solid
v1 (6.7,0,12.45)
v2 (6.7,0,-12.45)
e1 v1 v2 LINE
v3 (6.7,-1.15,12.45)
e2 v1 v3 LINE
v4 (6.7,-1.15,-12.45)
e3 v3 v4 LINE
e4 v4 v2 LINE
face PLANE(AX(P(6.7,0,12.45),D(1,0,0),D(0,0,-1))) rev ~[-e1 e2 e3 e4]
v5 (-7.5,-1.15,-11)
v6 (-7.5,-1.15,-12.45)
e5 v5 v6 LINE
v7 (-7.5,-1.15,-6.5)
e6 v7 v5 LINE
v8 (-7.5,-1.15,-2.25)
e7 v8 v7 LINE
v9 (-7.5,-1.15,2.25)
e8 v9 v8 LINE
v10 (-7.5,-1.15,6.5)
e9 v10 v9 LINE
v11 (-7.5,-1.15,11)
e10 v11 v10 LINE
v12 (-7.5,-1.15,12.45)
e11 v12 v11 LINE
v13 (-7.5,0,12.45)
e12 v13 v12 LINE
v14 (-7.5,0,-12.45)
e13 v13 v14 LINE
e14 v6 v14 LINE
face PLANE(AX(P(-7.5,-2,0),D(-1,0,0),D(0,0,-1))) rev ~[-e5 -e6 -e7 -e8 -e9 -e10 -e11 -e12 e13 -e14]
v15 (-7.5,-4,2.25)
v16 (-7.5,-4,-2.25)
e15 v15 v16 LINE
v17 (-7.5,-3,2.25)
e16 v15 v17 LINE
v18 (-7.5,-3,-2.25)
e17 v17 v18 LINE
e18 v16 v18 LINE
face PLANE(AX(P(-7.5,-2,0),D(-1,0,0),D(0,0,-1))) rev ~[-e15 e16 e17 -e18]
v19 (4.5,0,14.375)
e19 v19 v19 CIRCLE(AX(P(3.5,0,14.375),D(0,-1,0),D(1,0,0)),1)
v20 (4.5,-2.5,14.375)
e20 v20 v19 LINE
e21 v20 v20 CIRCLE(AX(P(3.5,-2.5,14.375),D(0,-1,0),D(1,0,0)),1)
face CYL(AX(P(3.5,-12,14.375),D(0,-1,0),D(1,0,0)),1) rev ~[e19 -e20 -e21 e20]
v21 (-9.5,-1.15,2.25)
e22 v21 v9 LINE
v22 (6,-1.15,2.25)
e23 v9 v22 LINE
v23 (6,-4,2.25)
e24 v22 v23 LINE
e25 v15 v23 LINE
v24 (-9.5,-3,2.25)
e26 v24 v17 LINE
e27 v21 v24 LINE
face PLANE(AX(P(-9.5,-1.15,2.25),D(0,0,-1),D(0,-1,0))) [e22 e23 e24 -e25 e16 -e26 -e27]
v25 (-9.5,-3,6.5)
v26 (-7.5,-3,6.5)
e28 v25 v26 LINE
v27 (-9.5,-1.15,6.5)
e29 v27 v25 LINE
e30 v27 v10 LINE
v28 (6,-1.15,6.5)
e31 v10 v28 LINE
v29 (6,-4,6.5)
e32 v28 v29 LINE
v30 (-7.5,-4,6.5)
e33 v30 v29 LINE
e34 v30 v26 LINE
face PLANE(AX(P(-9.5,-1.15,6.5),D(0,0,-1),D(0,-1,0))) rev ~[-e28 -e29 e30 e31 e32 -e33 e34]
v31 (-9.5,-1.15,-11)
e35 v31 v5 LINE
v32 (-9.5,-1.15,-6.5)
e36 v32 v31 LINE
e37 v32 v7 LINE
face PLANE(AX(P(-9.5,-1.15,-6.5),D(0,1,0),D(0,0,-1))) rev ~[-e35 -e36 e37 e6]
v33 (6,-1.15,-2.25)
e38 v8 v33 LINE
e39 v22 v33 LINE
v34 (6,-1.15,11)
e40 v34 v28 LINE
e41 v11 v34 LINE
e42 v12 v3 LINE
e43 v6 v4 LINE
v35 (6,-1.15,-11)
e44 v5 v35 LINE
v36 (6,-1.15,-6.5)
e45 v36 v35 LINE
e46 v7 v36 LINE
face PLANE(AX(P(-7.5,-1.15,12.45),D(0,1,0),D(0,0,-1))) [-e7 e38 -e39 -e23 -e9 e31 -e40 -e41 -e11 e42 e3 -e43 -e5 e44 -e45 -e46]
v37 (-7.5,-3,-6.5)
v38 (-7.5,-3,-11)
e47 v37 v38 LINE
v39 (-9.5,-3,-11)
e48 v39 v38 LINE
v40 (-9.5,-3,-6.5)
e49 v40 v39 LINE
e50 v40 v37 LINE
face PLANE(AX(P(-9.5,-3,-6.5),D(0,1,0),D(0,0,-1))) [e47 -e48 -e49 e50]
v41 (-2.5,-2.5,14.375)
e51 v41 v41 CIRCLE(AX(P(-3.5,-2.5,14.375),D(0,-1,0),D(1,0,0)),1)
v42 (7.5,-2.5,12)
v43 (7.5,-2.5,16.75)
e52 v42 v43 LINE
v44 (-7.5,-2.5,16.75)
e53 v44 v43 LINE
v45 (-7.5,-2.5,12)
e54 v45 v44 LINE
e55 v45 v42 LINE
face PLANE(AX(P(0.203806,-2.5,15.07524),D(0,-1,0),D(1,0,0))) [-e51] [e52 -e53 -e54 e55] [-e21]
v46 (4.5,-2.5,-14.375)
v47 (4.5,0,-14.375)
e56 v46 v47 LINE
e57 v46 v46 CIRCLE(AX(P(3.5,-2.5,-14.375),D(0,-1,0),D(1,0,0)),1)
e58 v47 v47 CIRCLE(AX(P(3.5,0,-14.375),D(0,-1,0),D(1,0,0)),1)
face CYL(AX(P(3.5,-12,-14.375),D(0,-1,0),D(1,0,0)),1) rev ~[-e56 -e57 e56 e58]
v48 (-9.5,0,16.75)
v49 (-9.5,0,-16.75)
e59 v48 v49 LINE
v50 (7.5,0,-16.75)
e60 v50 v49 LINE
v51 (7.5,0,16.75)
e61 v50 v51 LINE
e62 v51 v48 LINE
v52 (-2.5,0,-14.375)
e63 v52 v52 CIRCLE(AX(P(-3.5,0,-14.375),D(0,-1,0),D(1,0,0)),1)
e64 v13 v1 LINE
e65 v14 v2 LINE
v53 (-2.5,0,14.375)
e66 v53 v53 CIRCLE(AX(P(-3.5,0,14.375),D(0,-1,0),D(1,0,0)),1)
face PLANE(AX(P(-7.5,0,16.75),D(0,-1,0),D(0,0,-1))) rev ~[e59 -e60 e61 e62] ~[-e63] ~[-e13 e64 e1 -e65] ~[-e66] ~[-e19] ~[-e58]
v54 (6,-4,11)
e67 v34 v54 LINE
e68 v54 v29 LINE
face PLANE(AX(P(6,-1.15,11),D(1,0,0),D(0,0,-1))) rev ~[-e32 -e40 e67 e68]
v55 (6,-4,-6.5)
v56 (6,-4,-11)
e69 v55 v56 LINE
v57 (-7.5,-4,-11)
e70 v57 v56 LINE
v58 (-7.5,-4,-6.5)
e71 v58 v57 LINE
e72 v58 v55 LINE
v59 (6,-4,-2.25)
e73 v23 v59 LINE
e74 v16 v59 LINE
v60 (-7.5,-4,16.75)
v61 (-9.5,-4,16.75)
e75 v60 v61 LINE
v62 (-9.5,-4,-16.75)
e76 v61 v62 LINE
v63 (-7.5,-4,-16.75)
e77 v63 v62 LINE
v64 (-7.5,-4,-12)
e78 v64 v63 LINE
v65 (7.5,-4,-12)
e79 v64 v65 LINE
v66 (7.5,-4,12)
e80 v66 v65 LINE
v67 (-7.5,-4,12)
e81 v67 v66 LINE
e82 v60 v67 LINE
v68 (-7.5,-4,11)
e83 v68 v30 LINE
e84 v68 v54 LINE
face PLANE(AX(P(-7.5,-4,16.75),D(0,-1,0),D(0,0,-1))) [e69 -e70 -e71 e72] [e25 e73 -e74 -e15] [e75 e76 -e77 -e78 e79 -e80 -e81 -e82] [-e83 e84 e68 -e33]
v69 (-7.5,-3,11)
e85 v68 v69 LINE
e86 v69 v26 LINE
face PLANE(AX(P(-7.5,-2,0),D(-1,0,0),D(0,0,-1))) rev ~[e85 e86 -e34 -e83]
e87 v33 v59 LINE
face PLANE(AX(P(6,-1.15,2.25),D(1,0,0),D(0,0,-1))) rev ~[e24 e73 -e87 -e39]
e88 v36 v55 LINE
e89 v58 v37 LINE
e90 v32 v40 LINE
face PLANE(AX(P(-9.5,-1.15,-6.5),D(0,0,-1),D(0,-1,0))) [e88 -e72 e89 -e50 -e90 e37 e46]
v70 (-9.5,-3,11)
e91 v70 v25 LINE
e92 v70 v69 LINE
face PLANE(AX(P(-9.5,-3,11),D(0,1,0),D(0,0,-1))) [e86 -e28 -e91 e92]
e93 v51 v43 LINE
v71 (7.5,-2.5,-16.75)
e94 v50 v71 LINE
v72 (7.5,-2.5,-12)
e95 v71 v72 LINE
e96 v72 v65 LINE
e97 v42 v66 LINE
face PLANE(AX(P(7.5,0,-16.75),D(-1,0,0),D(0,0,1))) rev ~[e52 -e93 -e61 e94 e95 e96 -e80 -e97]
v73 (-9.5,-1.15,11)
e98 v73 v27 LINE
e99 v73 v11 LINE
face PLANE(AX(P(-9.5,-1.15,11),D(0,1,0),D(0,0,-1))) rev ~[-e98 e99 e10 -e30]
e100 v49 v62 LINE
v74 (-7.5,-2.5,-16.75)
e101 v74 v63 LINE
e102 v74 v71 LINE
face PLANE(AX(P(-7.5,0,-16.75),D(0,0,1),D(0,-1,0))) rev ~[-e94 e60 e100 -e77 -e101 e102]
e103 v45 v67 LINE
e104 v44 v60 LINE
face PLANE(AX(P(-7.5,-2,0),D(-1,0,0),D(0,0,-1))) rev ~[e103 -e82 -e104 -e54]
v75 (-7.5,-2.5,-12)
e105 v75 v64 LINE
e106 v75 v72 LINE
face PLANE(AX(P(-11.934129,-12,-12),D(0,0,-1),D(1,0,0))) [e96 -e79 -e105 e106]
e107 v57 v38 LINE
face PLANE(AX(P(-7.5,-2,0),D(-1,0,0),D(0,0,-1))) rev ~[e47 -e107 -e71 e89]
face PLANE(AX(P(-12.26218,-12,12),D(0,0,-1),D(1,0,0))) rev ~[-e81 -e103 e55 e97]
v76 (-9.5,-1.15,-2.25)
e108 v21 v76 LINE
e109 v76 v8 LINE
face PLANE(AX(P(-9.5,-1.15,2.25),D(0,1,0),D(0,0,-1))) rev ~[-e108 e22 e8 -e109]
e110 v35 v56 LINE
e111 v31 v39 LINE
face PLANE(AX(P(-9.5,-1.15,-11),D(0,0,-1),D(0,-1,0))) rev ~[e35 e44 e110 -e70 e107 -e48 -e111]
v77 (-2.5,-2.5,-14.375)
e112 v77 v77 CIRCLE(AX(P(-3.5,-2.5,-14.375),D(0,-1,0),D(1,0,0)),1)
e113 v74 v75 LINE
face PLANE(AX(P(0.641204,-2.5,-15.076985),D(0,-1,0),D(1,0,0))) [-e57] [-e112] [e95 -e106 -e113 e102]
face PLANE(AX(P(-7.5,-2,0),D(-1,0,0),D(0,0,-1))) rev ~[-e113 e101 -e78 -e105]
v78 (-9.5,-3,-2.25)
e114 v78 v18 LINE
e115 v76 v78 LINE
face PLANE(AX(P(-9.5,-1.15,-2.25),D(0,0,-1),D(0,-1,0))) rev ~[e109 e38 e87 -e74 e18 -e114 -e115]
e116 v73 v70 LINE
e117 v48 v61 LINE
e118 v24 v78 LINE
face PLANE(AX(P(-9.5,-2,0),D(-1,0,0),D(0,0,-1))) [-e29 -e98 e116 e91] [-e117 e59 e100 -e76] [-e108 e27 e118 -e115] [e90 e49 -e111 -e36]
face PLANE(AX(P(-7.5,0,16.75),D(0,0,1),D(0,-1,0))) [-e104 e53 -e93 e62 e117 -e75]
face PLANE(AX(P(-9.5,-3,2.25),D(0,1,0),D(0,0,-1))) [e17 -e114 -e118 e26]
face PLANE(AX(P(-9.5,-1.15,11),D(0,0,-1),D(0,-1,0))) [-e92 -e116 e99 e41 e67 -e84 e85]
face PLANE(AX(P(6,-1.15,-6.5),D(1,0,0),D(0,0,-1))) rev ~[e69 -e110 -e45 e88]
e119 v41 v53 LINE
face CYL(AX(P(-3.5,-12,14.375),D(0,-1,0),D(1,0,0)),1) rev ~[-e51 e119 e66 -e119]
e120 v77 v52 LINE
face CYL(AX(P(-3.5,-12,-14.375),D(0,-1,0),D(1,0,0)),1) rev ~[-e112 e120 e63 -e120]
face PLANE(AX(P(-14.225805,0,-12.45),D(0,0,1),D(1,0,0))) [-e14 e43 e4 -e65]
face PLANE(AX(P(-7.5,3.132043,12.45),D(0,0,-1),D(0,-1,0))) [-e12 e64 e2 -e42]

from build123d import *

# Parameters (mm, degrees)
SKETCH_W        = 15
SKETCH_H        = 33.5
PAD_DEPTH       = 12
SKETCH001_R     = 1
POCKET_DEPTH    = 12.001
SKETCH002_W     = 24.931972
SKETCH002_H     = 6.15048
SKETCH002_W_2   = 25.150666
SKETCH002_H_2   = 6.153969
POCKET001_DEPTH = 9.5
SKETCH003_W     = 17.12865
SKETCH003_H     = 22.5
POCKET002_DEPTH = 1
SKETCH004_W     = 20.925805
SKETCH004_H     = 24.9
POCKET003_DEPTH = 0.5
SKETCH005_W     = 29.02304
SKETCH005_H     = 9.956954
POCKET004_DEPTH = 15.001
SKETCH006_W     = 24.9
SKETCH006_H     = 4.282043
POCKET005_DEPTH = 14.2
SKETCH007_W     = 15.383407
SKETCH007_H     = 4.5
POCKET006_DEPTH = 2.851
SKETCH008_W     = 33.5
SKETCH008_H     = 4
PAD001_DEPTH    = 2
SKETCH009_W     = 4.5
SKETCH009_H     = 1.85
POCKET007_DEPTH = 2


with BuildPart() as part:
    # Sketch → Pad (new body)
    with BuildSketch(Plane.XZ):
        Rectangle(SKETCH_W, SKETCH_H)
    extrude(amount=PAD_DEPTH)

    # Sketch001 (on Face6 of Pad) → Pocket (cut, through all)
    with BuildSketch(Plane.XZ.offset(12)):
        with Locations((-3.5, 14.375)):
            Circle(SKETCH001_R)
        with Locations((3.5, 14.375)):
            Circle(SKETCH001_R)
        with Locations((-3.5, -14.375)):
            Circle(SKETCH001_R)
        with Locations((3.5, -14.375)):
            Circle(SKETCH001_R)
    extrude(amount=-POCKET_DEPTH, mode=Mode.SUBTRACT)

    # Sketch002 (on Face5 of Pocket) → Pocket001 (cut)
    with BuildSketch(Plane.XZ.offset(12)):
        with Locations((0.203806, 15.07524)):
            Rectangle(SKETCH002_W, SKETCH002_H)
        with Locations((0.641204, -15.0769845)):
            Rectangle(SKETCH002_W_2, SKETCH002_H_2)
    extrude(amount=-POCKET001_DEPTH, mode=Mode.SUBTRACT)

    # Sketch003 (on Face2 of Pocket001) → Pocket002 (cut)
    with BuildSketch(Plane(origin=(0, 0, 0), x_dir=(1, 0, 0), z_dir=(0, 1, 0))):
        with Locations((-3.064325, 0)):
            Rectangle(SKETCH003_W, SKETCH003_H)
    extrude(amount=-POCKET002_DEPTH, mode=Mode.SUBTRACT)

    # Sketch004 (on Face2 of Pocket002) → Pocket003 (cut)
    with BuildSketch(Plane(origin=(0, 0, 0), x_dir=(1, 0, 0), z_dir=(0, 1, 0))):
        with Locations((-3.7629025, 0)):
            Rectangle(SKETCH004_W, SKETCH004_H)
    extrude(amount=-POCKET003_DEPTH, mode=Mode.SUBTRACT)

    # Sketch005 (on Face1 of Pocket003) → Pocket004 (cut, through all)
    with BuildSketch(Plane(origin=(-7.5, 0, 0), x_dir=(0, 0, -1), z_dir=(-1, 0, 0))):
        with Locations((0.508849, 8.978477)):
            Rectangle(SKETCH005_W, SKETCH005_H)
    extrude(amount=-POCKET004_DEPTH, mode=Mode.SUBTRACT)

    # Sketch006 (on Face1 of Pocket004) → Pocket005 (cut)
    with BuildSketch(Plane(origin=(-7.5, 0, 0), x_dir=(0, 0, -1), z_dir=(-1, 0, 0))):
        with Locations((0, -0.9910215)):
            Rectangle(SKETCH006_W, SKETCH006_H)
    extrude(amount=-POCKET005_DEPTH, mode=Mode.SUBTRACT)

    # Sketch007 (on Face5 of Pocket005) → Pocket006 (cut, through all)
    with BuildSketch(Plane(origin=(0, -1.15, 0), x_dir=(1, 0, 0), z_dir=(0, 1, 0))):
        with Locations((-1.6917035, 8.75)):
            Rectangle(SKETCH007_W, SKETCH007_H)
        with Locations((-1.6917035, 0)):
            Rectangle(SKETCH007_W, SKETCH007_H)
        with Locations((-1.6917035, -8.75)):
            Rectangle(SKETCH007_W, SKETCH007_H)
    extrude(amount=-POCKET006_DEPTH, mode=Mode.SUBTRACT)

    # Sketch008 (on Face13 of Pocket006) → Pad001 (join)
    with BuildSketch(Plane(origin=(-7.5, 0, 0), x_dir=(0, 0, -1), z_dir=(-1, 0, 0))):
        with Locations((0, 2)):
            Rectangle(SKETCH008_W, SKETCH008_H)
    extrude(amount=PAD001_DEPTH)

    # Sketch009 (on Face16 of Pad001) → Pocket007 (cut)
    with BuildSketch(Plane(origin=(-9.5, 0, 0), x_dir=(0, 0, -1), z_dir=(-1, 0, 0))):
        with Locations((-8.75, 2.075)):
            Rectangle(SKETCH009_W, SKETCH009_H)
        with Locations((0, 2.075)):
            Rectangle(SKETCH009_W, SKETCH009_H)
        with Locations((8.75, 2.075)):
            Rectangle(SKETCH009_W, SKETCH009_H)
    extrude(amount=-POCKET007_DEPTH, mode=Mode.SUBTRACT)


solid = part.part
